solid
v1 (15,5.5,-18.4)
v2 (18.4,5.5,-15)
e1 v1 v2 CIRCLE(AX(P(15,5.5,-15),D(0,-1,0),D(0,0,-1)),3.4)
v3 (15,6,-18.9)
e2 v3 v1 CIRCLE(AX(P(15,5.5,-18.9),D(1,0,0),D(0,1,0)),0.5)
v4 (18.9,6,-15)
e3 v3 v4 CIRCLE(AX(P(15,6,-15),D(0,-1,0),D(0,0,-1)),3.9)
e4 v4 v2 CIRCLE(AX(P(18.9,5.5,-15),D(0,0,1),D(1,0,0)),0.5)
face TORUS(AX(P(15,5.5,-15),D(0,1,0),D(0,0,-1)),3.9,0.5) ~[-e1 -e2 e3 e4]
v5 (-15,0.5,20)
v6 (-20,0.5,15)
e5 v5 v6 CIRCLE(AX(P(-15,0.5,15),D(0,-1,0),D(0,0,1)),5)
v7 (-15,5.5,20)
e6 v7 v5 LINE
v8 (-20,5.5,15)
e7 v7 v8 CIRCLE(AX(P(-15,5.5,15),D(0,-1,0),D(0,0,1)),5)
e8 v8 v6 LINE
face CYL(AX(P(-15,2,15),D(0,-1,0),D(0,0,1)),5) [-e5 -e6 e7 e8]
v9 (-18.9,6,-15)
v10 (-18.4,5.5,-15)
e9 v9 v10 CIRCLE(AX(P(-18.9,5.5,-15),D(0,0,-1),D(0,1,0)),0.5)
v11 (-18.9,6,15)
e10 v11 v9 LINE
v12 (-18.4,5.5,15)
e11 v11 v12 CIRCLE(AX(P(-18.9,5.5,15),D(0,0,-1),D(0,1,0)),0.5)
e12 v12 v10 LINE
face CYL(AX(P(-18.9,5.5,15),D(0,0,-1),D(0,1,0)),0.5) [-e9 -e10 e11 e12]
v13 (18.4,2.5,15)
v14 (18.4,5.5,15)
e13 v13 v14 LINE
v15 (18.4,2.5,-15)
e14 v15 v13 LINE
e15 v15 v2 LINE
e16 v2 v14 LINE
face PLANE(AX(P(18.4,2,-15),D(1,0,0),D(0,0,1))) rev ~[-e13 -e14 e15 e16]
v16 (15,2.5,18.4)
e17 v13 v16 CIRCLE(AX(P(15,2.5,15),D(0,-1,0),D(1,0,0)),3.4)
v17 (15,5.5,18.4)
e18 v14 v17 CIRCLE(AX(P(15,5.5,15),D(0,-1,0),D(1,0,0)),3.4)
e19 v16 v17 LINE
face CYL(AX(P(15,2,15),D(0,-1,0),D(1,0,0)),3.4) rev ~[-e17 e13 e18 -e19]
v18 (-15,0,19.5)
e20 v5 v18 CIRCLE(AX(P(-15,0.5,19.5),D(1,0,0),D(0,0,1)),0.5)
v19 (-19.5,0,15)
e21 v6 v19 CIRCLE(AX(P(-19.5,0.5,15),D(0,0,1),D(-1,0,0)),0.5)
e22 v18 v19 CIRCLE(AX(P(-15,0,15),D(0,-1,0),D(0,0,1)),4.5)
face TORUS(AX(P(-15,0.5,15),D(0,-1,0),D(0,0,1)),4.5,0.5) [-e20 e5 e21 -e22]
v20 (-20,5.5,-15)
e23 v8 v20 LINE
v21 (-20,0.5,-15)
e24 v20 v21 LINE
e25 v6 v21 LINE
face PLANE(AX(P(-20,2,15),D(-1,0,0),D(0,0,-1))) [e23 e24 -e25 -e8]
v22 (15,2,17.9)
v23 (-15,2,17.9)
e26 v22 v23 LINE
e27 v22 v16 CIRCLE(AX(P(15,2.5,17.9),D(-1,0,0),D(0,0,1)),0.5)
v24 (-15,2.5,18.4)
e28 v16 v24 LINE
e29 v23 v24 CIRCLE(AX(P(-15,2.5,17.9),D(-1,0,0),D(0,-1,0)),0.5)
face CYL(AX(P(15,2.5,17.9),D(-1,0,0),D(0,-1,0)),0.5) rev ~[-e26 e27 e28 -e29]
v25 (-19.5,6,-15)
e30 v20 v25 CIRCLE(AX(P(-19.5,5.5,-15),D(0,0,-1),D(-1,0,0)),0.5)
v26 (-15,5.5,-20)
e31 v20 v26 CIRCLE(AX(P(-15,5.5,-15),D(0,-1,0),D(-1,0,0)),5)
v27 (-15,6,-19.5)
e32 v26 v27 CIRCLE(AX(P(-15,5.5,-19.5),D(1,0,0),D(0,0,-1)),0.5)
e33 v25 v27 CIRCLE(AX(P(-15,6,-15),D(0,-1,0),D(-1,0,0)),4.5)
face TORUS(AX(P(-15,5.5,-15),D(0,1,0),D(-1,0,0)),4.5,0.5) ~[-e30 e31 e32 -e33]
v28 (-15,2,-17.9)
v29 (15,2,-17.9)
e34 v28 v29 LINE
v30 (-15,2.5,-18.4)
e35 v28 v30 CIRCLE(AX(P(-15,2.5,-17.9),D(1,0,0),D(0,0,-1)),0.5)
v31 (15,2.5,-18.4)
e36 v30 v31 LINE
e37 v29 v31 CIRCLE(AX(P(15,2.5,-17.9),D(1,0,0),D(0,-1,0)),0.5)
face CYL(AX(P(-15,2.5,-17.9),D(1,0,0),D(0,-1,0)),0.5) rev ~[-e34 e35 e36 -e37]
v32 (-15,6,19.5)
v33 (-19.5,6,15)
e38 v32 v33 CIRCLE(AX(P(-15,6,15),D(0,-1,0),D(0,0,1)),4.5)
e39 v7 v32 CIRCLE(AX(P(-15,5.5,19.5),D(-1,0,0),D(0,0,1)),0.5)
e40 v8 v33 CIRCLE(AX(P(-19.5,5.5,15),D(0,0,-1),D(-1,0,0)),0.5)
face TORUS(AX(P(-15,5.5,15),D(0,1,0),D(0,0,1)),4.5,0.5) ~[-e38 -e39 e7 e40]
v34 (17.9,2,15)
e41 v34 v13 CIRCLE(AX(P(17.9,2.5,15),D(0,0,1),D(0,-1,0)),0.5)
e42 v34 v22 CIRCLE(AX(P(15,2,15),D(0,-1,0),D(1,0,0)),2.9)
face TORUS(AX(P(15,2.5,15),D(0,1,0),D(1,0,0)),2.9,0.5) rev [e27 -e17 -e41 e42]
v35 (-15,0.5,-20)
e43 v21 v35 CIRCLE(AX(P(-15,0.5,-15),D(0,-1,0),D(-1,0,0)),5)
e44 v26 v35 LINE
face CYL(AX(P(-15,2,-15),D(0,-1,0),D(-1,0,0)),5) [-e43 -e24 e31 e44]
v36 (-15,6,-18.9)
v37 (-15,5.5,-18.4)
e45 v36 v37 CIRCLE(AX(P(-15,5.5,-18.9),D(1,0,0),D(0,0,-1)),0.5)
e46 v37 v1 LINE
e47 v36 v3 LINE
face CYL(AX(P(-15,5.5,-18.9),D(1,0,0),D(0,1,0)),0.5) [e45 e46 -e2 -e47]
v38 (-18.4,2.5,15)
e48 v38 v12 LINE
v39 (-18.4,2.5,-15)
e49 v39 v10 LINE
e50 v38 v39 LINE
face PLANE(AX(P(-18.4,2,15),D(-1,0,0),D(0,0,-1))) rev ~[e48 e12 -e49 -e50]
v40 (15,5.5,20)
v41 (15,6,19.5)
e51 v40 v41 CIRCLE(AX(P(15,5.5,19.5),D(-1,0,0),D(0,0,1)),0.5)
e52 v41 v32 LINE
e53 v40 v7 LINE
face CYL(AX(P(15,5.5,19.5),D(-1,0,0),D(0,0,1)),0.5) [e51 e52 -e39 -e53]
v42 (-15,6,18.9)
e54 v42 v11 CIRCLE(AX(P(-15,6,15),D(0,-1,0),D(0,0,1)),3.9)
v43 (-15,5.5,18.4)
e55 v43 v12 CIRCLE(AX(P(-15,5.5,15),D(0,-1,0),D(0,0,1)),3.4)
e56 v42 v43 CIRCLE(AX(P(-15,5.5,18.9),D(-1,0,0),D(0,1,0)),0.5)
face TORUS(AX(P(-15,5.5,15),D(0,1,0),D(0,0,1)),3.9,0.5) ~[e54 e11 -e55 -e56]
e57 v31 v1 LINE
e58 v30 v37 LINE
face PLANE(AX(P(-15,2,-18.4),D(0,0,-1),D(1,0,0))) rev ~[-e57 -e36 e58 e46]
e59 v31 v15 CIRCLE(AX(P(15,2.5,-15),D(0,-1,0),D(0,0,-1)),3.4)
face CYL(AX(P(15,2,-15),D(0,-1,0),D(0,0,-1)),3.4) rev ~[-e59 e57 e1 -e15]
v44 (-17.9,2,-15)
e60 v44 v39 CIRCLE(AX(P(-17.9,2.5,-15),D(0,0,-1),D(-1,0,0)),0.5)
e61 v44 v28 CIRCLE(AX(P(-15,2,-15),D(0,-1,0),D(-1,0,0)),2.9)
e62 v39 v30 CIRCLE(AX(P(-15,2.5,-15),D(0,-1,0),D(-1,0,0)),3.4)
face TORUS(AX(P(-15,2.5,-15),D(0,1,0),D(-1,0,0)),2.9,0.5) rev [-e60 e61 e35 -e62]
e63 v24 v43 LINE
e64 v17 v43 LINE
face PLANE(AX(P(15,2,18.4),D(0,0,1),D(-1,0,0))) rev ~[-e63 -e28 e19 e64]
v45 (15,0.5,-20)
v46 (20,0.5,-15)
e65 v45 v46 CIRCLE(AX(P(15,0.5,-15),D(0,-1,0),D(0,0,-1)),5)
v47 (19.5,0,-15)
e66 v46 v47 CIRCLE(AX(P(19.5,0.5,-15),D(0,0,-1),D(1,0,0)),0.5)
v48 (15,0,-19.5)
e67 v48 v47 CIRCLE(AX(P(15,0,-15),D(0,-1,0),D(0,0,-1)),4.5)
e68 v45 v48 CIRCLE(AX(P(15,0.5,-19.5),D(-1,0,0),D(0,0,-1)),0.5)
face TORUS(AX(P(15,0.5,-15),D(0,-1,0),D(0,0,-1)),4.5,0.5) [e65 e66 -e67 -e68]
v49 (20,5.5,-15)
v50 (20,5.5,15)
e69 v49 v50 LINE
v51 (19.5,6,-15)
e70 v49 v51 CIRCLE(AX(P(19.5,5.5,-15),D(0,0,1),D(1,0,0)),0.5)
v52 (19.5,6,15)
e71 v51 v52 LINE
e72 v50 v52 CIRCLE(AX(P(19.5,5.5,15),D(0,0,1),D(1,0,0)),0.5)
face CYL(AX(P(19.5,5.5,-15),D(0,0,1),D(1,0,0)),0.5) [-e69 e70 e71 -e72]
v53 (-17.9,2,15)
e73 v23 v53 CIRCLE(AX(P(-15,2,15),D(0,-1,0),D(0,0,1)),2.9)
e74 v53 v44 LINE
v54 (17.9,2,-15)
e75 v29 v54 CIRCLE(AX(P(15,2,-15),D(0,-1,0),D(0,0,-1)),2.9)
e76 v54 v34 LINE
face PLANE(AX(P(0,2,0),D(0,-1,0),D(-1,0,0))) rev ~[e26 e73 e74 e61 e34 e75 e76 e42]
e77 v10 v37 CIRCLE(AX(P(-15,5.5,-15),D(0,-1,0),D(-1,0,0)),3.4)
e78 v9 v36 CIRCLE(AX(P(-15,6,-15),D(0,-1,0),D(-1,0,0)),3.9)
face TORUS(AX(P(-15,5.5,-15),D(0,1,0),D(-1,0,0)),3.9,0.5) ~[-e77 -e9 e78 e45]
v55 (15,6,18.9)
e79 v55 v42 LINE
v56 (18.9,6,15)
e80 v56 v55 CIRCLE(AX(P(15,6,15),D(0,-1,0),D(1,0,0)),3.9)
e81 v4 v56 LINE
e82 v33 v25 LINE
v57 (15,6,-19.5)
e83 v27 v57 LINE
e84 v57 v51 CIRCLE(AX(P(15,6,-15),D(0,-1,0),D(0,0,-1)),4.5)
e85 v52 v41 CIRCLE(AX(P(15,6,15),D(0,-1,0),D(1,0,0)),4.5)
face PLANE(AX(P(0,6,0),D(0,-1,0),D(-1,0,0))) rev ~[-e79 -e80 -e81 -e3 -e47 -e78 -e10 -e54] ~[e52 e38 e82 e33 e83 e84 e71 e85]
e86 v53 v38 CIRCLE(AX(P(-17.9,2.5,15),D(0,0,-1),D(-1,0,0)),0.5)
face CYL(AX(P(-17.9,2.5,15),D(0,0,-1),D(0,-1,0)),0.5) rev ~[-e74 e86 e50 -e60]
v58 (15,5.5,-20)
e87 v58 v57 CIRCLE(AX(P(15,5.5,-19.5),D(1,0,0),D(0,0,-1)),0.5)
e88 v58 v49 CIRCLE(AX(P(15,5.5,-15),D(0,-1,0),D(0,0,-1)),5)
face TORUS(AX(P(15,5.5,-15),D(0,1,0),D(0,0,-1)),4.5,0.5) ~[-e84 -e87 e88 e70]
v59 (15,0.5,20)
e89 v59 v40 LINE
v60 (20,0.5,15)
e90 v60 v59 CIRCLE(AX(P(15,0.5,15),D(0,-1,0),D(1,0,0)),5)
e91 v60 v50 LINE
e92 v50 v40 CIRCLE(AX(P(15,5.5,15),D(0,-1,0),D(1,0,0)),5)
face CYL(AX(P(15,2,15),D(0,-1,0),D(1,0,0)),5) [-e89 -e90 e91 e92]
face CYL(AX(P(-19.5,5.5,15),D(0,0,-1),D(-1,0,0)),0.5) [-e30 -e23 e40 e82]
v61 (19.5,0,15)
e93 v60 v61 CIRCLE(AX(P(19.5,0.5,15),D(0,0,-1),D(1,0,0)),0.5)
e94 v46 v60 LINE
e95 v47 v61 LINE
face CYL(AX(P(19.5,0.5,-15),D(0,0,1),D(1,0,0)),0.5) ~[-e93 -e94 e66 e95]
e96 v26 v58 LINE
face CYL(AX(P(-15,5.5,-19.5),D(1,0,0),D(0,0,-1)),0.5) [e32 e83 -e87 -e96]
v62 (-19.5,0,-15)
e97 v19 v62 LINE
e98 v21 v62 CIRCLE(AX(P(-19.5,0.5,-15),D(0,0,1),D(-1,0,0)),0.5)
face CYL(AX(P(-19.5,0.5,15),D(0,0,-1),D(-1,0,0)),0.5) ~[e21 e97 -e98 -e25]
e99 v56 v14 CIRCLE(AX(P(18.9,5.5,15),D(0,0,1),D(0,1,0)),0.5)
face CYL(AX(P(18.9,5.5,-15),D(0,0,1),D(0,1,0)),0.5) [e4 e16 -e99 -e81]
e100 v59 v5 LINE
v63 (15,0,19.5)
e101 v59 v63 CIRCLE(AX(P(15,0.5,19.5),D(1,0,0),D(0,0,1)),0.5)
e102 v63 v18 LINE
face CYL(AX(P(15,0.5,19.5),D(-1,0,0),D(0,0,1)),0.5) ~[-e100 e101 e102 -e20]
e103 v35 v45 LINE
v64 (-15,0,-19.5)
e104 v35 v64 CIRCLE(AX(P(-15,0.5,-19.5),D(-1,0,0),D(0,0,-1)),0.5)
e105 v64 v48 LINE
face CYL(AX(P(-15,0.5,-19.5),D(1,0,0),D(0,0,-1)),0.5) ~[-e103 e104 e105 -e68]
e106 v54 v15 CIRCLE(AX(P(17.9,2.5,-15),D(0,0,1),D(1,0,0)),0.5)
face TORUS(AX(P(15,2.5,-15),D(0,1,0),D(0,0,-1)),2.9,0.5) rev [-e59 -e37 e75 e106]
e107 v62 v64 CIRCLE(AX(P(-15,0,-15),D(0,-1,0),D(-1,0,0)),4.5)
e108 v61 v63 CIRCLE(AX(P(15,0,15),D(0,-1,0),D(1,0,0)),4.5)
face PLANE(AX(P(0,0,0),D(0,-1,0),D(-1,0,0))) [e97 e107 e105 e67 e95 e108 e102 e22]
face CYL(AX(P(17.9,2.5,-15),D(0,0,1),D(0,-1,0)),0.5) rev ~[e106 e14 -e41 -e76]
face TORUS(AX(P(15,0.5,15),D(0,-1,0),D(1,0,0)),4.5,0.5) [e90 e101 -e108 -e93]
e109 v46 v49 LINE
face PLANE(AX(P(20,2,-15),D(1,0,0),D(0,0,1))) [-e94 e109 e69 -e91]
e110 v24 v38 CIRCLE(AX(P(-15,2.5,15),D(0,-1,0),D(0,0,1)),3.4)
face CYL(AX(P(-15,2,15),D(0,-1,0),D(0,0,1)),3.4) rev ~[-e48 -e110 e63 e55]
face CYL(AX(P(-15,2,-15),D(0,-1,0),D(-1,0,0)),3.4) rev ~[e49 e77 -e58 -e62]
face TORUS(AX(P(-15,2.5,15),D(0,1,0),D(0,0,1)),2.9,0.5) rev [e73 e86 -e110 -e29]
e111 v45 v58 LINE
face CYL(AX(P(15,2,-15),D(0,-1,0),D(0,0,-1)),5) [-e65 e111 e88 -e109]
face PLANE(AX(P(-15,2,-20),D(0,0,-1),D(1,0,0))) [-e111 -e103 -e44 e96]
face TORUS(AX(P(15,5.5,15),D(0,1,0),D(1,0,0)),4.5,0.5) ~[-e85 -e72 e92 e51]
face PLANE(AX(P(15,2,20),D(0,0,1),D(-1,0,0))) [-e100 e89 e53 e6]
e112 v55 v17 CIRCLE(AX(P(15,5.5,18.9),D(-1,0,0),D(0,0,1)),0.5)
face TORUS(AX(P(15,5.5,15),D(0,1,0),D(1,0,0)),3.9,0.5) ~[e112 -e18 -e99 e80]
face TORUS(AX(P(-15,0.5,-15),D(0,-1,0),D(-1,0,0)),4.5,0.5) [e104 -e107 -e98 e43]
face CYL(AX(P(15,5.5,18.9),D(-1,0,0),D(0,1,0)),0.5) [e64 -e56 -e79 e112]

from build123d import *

# Parameters (mm, degrees)
BOSS_EXTRUDE1_DEPTH = 2
EXTRUDE_THIN1_START = 2
EXTRUDE_THIN1_DEPTH = 4
FILLET1_R           = 0.5


with BuildPart() as part:
    # Sketch1 → Boss-Extrude1 (new body)
    with BuildSketch(Plane(origin=(0, 0, 0), x_dir=(1, 0, 0), z_dir=(0, 1, 0))):
        with BuildLine():
            Line((-15, 20), (15, 20))
            ThreePointArc((15, 20), (18.535533906, 18.535533906), (20, 15))
            Line((20, 15), (20, -15))
            ThreePointArc((20, -15), (18.535533906, -18.535533906), (15, -20))
            Line((15, -20), (-15, -20))
            ThreePointArc((-15, -20), (-18.535533906, -18.535533906), (-20, -15))
            Line((-20, -15), (-20, 15))
            ThreePointArc((-20, 15), (-18.535533906, 18.535533906), (-15, 20))
        make_face()
    extrude(amount=BOSS_EXTRUDE1_DEPTH)

    # Sketch1<2> → Extrude-Thin1 (add)
    with BuildSketch(Plane(origin=(0, 0, 0), x_dir=(1, 0, 0), z_dir=(0, 1, 0)).offset(EXTRUDE_THIN1_START)):
        with BuildLine():
            Line((15, -20), (-15, -20))
            ThreePointArc((-15, -20), (-18.535533906, -18.535533906), (-20, -15))
            Line((-20, -15), (-20, 15))
            ThreePointArc((-20, 15), (-18.535533906, 18.535533906), (-15, 20))
            Line((-15, 20), (15, 20))
            ThreePointArc((15, 20), (18.535533906, 18.535533906), (20, 15))
            Line((20, 15), (20, -15))
            ThreePointArc((20, -15), (18.535533906, -18.535533906), (15, -20))
        make_face()
        with BuildLine():
            Line((15, -18.4), (-15, -18.4))
            ThreePointArc((-15, -18.4), (-17.404163056, -17.404163056), (-18.4, -15))
            Line((-18.4, -15), (-18.4, 15))
            ThreePointArc((-18.4, 15), (-17.404163056, 17.404163056), (-15, 18.4))
            Line((-15, 18.4), (15, 18.4))
            ThreePointArc((15, 18.4), (17.404163056, 17.404163056), (18.4, 15))
            Line((18.4, 15), (18.4, -15))
            ThreePointArc((18.4, -15), (17.404163056, -17.404163056), (15, -18.4))
        make_face(mode=Mode.SUBTRACT)
    extrude(amount=EXTRUDE_THIN1_DEPTH)

    # Fillet1
    fillet1_edges = [part.edges().sort_by_distance(p)[0] for p in [
        (0, 0, 20),
        (-18.535533906, 0, 18.535533906),
        (-18.535533906, 6, -18.535533906),
        (-18.535533906, 6, 18.535533906),
        (18.535533906, 6, 18.535533906),
        (18.535533906, 6, -18.535533906),
        (-18.4, 6, 0),
        (0, 6, -18.4),
        (18.4, 6, 0),
        (0, 6, 18.4),
        (-17.404163056, 2, -17.404163056),
        (-17.404163056, 2, 17.404163056),
        (17.404163056, 2, 17.404163056),
        (17.404163056, 2, -17.404163056),
        (-20, 6, 0),
        (0, 6, 20),
        (20, 6, 0),
        (0, 6, -20),
        (-17.404163056, 6, -17.404163056),
        (-18.4, 2, 0),
        (-17.404163056, 6, 17.404163056),
        (0, 2, 18.4),
        (17.404163056, 6, 17.404163056),
        (18.4, 2, 0),
        (17.404163056, 6, -17.404163056),
        (0, 2, -18.4),
        (-20, 0, 0),
        (-18.535533906, 0, -18.535533906),
        (0, 0, -20),
        (18.535533906, 0, -18.535533906),
        (20, 0, 0),
        (18.535533906, 0, 18.535533906),
    ]]
    fillet(fillet1_edges, radius=FILLET1_R)


solid = part.part
